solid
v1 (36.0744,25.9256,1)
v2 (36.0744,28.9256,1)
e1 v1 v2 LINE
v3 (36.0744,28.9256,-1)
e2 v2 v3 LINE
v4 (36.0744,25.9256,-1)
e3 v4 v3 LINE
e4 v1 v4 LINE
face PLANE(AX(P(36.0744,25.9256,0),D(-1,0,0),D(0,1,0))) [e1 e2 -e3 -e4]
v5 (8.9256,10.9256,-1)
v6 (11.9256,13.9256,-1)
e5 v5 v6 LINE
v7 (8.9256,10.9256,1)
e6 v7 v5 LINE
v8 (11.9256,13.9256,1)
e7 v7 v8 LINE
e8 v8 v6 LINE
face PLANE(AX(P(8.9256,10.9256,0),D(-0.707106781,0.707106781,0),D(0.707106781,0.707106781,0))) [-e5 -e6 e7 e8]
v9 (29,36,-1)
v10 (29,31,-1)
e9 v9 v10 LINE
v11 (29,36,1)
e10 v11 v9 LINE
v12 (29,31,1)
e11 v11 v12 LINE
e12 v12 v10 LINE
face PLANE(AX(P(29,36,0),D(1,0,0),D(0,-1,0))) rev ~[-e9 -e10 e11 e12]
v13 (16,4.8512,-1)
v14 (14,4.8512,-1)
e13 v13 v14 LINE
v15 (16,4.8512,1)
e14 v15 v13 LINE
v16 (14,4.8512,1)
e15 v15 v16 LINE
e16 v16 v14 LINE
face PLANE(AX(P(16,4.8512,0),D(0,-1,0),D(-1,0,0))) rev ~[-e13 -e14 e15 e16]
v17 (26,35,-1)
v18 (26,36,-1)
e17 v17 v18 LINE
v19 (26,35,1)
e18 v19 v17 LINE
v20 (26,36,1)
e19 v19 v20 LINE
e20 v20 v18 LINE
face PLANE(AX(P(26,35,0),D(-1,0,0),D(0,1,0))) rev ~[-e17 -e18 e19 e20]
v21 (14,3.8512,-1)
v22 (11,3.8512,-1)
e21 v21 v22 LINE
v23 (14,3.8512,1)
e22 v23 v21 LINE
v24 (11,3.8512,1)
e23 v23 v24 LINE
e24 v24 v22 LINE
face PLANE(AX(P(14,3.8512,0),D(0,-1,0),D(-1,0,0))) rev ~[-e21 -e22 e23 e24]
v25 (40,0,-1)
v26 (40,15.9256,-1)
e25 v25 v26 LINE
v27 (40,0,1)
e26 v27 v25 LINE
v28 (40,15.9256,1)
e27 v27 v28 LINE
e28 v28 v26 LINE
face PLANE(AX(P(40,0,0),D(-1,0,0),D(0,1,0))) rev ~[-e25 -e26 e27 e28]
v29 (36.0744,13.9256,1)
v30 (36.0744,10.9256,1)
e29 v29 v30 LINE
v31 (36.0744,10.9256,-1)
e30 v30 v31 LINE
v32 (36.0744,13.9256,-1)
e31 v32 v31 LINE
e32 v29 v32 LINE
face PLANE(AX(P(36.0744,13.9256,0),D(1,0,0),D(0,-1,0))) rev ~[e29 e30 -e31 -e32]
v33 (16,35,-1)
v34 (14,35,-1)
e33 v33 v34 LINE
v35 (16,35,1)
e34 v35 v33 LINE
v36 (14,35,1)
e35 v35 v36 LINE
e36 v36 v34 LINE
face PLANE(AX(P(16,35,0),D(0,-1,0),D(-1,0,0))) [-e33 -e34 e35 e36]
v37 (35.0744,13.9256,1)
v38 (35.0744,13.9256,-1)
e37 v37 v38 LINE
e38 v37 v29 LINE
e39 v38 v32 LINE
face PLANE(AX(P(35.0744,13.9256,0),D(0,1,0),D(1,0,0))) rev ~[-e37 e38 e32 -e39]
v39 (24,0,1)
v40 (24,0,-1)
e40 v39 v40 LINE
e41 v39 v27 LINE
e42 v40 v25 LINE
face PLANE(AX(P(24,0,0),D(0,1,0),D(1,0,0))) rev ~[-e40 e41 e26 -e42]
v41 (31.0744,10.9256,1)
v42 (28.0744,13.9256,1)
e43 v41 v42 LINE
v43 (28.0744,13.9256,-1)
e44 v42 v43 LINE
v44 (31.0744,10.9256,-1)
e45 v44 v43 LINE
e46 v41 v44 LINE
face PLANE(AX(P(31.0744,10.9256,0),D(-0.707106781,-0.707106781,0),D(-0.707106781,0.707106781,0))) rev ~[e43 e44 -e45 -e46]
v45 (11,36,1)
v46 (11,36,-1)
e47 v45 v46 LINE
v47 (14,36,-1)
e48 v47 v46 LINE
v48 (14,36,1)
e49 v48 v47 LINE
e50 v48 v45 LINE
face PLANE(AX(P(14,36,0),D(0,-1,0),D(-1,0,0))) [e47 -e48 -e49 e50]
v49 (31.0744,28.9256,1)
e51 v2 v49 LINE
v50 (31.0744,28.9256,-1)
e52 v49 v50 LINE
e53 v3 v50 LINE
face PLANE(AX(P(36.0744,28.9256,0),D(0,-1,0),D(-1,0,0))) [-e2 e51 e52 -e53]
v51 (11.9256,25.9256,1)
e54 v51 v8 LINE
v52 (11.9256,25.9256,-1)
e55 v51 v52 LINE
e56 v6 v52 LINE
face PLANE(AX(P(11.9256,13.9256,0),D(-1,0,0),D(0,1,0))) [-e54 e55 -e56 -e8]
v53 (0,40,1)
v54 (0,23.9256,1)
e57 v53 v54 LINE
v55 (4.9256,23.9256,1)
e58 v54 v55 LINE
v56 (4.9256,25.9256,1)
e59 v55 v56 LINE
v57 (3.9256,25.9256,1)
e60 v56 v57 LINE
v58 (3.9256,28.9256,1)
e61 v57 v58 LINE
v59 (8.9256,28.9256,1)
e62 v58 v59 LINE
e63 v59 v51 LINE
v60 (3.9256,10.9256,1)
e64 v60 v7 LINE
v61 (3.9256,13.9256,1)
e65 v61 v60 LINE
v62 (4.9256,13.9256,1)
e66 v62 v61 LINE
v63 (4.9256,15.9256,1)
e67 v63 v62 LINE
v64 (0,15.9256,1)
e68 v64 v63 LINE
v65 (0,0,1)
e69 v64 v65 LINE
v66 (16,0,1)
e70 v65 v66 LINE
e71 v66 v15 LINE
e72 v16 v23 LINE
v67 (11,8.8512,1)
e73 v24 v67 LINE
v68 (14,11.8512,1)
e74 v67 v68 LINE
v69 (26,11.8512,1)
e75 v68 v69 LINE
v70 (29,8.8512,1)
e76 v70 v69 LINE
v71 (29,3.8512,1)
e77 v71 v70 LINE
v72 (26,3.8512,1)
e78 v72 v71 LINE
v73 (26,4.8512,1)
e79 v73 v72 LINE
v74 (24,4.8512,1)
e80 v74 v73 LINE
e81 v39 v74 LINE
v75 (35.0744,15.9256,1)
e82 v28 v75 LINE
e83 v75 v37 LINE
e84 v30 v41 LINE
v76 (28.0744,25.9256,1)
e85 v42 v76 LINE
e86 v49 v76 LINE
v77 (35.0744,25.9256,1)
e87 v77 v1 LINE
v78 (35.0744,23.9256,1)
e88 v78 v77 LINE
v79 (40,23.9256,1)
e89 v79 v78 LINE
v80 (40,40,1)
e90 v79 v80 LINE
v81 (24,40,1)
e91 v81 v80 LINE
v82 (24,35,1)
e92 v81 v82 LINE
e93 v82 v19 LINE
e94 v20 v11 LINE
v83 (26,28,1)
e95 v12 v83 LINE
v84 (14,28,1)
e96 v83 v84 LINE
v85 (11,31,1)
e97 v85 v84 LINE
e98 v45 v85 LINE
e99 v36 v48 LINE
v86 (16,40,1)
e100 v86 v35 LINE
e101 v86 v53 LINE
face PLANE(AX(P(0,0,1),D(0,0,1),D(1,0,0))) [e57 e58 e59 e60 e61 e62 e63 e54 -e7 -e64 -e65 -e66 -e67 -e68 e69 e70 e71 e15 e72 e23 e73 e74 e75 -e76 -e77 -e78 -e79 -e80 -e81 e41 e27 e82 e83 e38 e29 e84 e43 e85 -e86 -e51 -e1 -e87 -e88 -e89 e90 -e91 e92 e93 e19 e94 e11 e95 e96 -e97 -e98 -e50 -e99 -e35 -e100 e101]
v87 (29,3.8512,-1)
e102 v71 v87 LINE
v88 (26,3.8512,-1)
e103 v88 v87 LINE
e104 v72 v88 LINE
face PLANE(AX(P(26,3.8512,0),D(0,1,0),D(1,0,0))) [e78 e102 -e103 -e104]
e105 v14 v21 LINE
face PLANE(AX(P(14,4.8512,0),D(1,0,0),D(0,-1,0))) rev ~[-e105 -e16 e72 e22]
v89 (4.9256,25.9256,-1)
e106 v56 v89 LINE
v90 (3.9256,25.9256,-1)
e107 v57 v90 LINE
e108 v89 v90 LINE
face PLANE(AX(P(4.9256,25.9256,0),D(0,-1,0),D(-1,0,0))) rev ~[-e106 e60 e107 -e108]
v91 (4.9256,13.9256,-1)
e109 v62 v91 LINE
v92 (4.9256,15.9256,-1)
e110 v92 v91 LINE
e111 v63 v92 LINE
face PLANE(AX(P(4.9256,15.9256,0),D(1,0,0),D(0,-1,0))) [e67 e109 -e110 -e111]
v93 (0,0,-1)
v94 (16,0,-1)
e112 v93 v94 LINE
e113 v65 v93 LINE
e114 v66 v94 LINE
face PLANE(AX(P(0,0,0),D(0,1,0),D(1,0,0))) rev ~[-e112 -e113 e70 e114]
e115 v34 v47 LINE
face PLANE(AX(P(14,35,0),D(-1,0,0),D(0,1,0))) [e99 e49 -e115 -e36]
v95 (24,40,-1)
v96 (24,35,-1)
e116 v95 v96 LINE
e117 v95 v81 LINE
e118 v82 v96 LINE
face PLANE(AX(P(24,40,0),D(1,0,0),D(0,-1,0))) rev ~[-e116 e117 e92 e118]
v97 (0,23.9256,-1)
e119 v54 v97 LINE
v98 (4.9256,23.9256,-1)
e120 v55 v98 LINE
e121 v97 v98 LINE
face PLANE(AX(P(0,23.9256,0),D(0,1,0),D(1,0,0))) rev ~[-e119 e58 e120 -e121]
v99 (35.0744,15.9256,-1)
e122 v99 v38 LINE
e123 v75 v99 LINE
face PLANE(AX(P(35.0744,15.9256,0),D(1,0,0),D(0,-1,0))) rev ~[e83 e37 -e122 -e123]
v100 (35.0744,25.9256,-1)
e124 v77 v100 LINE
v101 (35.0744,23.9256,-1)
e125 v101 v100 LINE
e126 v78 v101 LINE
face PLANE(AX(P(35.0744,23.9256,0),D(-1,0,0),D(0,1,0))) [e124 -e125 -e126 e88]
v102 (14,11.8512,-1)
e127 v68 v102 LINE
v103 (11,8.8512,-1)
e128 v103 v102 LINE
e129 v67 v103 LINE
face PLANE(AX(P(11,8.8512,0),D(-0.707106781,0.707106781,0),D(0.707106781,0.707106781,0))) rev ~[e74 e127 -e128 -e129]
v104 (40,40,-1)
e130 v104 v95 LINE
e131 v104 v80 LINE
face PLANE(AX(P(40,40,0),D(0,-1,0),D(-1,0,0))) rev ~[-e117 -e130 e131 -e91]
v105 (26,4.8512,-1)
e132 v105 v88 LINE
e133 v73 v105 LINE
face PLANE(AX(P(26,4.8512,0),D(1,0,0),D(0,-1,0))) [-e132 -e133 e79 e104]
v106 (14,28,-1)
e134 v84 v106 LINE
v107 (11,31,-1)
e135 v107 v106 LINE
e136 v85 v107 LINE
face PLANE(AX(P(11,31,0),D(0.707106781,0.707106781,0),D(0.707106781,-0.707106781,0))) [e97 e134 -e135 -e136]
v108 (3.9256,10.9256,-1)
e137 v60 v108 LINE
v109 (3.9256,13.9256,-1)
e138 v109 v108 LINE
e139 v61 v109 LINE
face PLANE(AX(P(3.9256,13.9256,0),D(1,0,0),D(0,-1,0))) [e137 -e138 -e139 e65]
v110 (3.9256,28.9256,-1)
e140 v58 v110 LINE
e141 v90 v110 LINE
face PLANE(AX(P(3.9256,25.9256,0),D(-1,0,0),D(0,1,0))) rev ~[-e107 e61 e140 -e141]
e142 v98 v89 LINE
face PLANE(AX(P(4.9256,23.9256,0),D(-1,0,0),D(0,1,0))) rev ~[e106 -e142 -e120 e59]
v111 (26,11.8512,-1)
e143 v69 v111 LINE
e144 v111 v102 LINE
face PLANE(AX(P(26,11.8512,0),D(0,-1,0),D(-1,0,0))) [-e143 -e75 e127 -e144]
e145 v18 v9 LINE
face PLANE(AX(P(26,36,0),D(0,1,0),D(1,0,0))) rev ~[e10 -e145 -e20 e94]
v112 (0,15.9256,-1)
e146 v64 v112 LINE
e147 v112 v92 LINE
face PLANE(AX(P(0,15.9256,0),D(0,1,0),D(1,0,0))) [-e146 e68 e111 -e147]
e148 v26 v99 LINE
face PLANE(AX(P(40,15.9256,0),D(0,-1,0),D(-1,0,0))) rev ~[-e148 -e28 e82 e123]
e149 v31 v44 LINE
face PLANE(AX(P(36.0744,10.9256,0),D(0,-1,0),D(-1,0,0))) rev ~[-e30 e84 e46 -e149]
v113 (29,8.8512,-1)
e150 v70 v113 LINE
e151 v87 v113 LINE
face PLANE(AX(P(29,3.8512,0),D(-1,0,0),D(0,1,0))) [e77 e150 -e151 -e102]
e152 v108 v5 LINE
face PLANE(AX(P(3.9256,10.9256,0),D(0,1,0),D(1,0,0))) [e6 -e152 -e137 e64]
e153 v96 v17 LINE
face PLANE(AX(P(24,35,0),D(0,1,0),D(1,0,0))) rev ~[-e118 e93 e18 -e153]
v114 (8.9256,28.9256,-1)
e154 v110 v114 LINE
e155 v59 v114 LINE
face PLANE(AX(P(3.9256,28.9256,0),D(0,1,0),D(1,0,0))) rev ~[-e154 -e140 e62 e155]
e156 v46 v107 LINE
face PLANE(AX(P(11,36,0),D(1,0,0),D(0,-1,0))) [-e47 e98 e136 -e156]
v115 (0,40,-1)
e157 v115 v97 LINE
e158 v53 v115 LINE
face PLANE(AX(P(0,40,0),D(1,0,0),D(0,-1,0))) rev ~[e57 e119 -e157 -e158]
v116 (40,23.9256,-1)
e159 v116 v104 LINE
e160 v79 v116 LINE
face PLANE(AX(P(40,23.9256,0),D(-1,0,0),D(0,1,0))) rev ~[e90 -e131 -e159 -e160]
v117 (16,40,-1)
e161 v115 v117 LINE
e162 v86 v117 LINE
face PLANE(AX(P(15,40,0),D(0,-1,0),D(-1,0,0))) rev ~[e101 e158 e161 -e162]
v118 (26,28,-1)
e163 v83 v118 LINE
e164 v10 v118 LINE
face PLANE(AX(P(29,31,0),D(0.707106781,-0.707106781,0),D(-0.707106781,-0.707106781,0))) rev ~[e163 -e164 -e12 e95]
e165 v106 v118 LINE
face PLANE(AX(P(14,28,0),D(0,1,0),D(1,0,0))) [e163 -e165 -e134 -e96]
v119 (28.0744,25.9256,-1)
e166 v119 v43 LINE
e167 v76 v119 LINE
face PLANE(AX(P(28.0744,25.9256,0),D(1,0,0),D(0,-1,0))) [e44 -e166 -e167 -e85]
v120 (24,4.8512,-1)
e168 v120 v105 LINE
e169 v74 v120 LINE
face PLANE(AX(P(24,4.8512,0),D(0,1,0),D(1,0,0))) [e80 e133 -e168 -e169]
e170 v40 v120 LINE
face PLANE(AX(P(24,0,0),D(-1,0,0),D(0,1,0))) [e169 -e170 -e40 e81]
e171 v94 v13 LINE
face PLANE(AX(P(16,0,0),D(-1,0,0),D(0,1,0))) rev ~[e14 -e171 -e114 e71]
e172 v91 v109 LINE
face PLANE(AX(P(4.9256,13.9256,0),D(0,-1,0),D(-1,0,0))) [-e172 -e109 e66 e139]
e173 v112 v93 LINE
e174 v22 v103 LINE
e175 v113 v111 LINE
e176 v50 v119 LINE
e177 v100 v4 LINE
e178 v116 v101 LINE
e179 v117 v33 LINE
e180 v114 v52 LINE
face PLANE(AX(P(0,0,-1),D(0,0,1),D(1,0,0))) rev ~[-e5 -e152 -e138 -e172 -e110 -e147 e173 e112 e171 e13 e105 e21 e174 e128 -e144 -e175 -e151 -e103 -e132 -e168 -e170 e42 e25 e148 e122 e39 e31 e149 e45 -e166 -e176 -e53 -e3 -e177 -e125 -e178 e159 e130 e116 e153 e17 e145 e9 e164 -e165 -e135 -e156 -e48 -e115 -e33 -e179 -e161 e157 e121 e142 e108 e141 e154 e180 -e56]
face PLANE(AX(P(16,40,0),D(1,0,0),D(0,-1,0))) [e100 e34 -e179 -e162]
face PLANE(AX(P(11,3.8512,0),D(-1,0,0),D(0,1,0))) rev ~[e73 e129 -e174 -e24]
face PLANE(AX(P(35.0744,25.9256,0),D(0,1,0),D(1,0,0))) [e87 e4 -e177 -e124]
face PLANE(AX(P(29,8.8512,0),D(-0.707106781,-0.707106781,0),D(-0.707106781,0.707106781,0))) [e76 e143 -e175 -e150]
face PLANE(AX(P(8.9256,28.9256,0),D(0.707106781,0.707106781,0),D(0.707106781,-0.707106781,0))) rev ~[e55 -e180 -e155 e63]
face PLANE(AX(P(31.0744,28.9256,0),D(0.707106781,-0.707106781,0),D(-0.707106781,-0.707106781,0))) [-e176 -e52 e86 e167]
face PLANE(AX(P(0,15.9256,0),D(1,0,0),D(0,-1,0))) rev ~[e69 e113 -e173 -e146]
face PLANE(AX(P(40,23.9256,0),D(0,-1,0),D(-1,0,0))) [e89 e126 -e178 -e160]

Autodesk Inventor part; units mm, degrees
ref_plane "YZ Plane" through (0, 0, 0) normal (1, 0, 0) x (0, 1, 0)
ref_plane "XZ Plane" through (0, 0, 0) normal (0, 1, 0) x (-1, 0, 0)
ref_plane "XY Plane" through (0, 0, 0) normal (0, 0, 1) x (1, 0, 0)
sketch "스케치1" plane through (0, 0, 0) normal (0, 0, 1) x (1, 0, 0)
  line L0 (40, 40) -> (25, 40)
  line L1 (15, 40) -> (0, 40)
  line L2 (16, 40) -> (16, 35)
  line L3 (16, 35) -> (14, 35)
  line L4 (14, 35) -> (14, 36)
  line L5 (14, 36) -> (11, 36)
  line L6 (11, 36) -> (11, 31)
  line L7 (11, 31) -> (14, 28)
  line L8 (11, 31) -> (20.81, 31) construction
  line L9 (14, 28) -> (20, 28)
  line L10 (24, 40) -> (24, 35)
  line L11 (24, 35) -> (26, 35)
  line L12 (26, 35) -> (26, 36)
  line L13 (26, 36) -> (29, 36)
  line L14 (29, 36) -> (29, 31)
  line L15 (29, 31) -> (26, 28)
  line L16 (29, 31) -> (19.19, 31) construction
  line L17 (26, 28) -> (20, 28)
  line L18 (-0.0744, 15.9256) -> (4.9256, 15.9256)
  line L19 (-0.0744, 23.9256) -> (4.9256, 23.9256)
  line L20 (4.9256, 23.9256) -> (4.9256, 25.9256)
  line L21 (11.9256, 25.9256) -> (11.9256, 19.9256)
  line L22 (8.9256, 28.9256) -> (8.9256, 19.1155) construction
  line L23 (8.9256, 28.9256) -> (11.9256, 25.9256)
  line L24 (3.9256, 28.9256) -> (8.9256, 28.9256)
  line L25 (3.9256, 25.9256) -> (3.9256, 28.9256)
  line L26 (4.9256, 25.9256) -> (3.9256, 25.9256)
  line L27 (4.9256, 15.9256) -> (4.9256, 13.9256)
  line L28 (11.9256, 13.9256) -> (11.9256, 19.9256)
  line L29 (4.9256, 13.9256) -> (3.9256, 13.9256)
  line L30 (8.9256, 10.9256) -> (11.9256, 13.9256)
  line L31 (8.9256, 10.9256) -> (8.9256, 20.7356) construction
  line L32 (3.9256, 13.9256) -> (3.9256, 10.9256)
  line L33 (3.9256, 10.9256) -> (8.9256, 10.9256)
  line L34 (24, -0.1488) -> (24, 4.8512)
  line L35 (16, -0.1488) -> (16, 4.8512)
  line L36 (16, 4.8512) -> (14, 4.8512)
  line L37 (14, 11.8512) -> (20, 11.8512)
  line L38 (11, 8.8512) -> (20.81, 8.8512) construction
  line L39 (11, 8.8512) -> (14, 11.8512)
  line L40 (11, 3.8512) -> (11, 8.8512)
  line L41 (14, 3.8512) -> (11, 3.8512)
  line L42 (14, 4.8512) -> (14, 3.8512)
  line L43 (24, 4.8512) -> (26, 4.8512)
  line L44 (26, 11.8512) -> (20, 11.8512)
  line L45 (26, 4.8512) -> (26, 3.8512)
  line L46 (29, 8.8512) -> (26, 11.8512)
  line L47 (29, 8.8512) -> (19.19, 8.8512) construction
  line L48 (26, 3.8512) -> (29, 3.8512)
  line L49 (29, 3.8512) -> (29, 8.8512)
  line L50 (40.0744, 23.9256) -> (35.0744, 23.9256)
  line L51 (40.0744, 15.9256) -> (35.0744, 15.9256)
  line L52 (35.0744, 15.9256) -> (35.0744, 13.9256)
  line L53 (28.0744, 13.9256) -> (28.0744, 19.9256)
  line L54 (31.0744, 10.9256) -> (31.0744, 20.7356) construction
  line L55 (31.0744, 10.9256) -> (28.0744, 13.9256)
  line L56 (36.0744, 10.9256) -> (31.0744, 10.9256)
  line L57 (36.0744, 13.9256) -> (36.0744, 10.9256)
  line L58 (35.0744, 13.9256) -> (36.0744, 13.9256)
  line L59 (35.0744, 23.9256) -> (35.0744, 25.9256)
  line L60 (28.0744, 25.9256) -> (28.0744, 19.9256)
  line L61 (35.0744, 25.9256) -> (36.0744, 25.9256)
  line L62 (31.0744, 28.9256) -> (28.0744, 25.9256)
  line L63 (31.0744, 28.9256) -> (31.0744, 19.1155) construction
  line L64 (36.0744, 25.9256) -> (36.0744, 28.9256)
  line L65 (36.0744, 28.9256) -> (31.0744, 28.9256)
  line L66 (11, 20) -> (11.9256, 20)
  line L67 (28.0744, 20) -> (29, 20)
  line L68 (20, 3.8512) -> (20, 4.8512)
  line L69 (20, 35) -> (20, 36)
  line L70 (15, 40) -> (16, 40)
  line L71 (24, 40) -> (25, 40)
  line L72 (0, 40) -> (0, 23.9256)
  line L73 (0, 15.9256) -> (0, 0)
  line L74 (40, 0) -> (40, 15.9256)
  line L75 (40, 23.9256) -> (40, 40)
  line L76 (0, 0) -> (16, 0)
  line L77 (24, 0) -> (40, 0)
  point P0 (25, 38)
  point P1 (20, 19.9256)
  point P2 (15, 35)
  point P3 (25, 35)
  point P4 (4.9256, 24.9256)
  point P5 (4.9256, 14.9256)
  point P6 (15, 4.8512)
  point P7 (25, 4.8512)
  point P8 (35.0744, 14.9256)
  point P9 (35.0744, 24.9256)
  dimension "d0" = 40
  dimension "d1" = 40
  dimension "d14" = 2
  dimension "d15" = 5
  dimension "d16" = 1
  dimension "d17" = 3
  dimension "d18" = 5
  dimension "d19" = 45
  dimension "d21" = 7
  dimension "d24" = 360
extrude "돌출1" add sketch "스케치1" along normal mid plane 2
properties part number "79" material "철, 회색"
